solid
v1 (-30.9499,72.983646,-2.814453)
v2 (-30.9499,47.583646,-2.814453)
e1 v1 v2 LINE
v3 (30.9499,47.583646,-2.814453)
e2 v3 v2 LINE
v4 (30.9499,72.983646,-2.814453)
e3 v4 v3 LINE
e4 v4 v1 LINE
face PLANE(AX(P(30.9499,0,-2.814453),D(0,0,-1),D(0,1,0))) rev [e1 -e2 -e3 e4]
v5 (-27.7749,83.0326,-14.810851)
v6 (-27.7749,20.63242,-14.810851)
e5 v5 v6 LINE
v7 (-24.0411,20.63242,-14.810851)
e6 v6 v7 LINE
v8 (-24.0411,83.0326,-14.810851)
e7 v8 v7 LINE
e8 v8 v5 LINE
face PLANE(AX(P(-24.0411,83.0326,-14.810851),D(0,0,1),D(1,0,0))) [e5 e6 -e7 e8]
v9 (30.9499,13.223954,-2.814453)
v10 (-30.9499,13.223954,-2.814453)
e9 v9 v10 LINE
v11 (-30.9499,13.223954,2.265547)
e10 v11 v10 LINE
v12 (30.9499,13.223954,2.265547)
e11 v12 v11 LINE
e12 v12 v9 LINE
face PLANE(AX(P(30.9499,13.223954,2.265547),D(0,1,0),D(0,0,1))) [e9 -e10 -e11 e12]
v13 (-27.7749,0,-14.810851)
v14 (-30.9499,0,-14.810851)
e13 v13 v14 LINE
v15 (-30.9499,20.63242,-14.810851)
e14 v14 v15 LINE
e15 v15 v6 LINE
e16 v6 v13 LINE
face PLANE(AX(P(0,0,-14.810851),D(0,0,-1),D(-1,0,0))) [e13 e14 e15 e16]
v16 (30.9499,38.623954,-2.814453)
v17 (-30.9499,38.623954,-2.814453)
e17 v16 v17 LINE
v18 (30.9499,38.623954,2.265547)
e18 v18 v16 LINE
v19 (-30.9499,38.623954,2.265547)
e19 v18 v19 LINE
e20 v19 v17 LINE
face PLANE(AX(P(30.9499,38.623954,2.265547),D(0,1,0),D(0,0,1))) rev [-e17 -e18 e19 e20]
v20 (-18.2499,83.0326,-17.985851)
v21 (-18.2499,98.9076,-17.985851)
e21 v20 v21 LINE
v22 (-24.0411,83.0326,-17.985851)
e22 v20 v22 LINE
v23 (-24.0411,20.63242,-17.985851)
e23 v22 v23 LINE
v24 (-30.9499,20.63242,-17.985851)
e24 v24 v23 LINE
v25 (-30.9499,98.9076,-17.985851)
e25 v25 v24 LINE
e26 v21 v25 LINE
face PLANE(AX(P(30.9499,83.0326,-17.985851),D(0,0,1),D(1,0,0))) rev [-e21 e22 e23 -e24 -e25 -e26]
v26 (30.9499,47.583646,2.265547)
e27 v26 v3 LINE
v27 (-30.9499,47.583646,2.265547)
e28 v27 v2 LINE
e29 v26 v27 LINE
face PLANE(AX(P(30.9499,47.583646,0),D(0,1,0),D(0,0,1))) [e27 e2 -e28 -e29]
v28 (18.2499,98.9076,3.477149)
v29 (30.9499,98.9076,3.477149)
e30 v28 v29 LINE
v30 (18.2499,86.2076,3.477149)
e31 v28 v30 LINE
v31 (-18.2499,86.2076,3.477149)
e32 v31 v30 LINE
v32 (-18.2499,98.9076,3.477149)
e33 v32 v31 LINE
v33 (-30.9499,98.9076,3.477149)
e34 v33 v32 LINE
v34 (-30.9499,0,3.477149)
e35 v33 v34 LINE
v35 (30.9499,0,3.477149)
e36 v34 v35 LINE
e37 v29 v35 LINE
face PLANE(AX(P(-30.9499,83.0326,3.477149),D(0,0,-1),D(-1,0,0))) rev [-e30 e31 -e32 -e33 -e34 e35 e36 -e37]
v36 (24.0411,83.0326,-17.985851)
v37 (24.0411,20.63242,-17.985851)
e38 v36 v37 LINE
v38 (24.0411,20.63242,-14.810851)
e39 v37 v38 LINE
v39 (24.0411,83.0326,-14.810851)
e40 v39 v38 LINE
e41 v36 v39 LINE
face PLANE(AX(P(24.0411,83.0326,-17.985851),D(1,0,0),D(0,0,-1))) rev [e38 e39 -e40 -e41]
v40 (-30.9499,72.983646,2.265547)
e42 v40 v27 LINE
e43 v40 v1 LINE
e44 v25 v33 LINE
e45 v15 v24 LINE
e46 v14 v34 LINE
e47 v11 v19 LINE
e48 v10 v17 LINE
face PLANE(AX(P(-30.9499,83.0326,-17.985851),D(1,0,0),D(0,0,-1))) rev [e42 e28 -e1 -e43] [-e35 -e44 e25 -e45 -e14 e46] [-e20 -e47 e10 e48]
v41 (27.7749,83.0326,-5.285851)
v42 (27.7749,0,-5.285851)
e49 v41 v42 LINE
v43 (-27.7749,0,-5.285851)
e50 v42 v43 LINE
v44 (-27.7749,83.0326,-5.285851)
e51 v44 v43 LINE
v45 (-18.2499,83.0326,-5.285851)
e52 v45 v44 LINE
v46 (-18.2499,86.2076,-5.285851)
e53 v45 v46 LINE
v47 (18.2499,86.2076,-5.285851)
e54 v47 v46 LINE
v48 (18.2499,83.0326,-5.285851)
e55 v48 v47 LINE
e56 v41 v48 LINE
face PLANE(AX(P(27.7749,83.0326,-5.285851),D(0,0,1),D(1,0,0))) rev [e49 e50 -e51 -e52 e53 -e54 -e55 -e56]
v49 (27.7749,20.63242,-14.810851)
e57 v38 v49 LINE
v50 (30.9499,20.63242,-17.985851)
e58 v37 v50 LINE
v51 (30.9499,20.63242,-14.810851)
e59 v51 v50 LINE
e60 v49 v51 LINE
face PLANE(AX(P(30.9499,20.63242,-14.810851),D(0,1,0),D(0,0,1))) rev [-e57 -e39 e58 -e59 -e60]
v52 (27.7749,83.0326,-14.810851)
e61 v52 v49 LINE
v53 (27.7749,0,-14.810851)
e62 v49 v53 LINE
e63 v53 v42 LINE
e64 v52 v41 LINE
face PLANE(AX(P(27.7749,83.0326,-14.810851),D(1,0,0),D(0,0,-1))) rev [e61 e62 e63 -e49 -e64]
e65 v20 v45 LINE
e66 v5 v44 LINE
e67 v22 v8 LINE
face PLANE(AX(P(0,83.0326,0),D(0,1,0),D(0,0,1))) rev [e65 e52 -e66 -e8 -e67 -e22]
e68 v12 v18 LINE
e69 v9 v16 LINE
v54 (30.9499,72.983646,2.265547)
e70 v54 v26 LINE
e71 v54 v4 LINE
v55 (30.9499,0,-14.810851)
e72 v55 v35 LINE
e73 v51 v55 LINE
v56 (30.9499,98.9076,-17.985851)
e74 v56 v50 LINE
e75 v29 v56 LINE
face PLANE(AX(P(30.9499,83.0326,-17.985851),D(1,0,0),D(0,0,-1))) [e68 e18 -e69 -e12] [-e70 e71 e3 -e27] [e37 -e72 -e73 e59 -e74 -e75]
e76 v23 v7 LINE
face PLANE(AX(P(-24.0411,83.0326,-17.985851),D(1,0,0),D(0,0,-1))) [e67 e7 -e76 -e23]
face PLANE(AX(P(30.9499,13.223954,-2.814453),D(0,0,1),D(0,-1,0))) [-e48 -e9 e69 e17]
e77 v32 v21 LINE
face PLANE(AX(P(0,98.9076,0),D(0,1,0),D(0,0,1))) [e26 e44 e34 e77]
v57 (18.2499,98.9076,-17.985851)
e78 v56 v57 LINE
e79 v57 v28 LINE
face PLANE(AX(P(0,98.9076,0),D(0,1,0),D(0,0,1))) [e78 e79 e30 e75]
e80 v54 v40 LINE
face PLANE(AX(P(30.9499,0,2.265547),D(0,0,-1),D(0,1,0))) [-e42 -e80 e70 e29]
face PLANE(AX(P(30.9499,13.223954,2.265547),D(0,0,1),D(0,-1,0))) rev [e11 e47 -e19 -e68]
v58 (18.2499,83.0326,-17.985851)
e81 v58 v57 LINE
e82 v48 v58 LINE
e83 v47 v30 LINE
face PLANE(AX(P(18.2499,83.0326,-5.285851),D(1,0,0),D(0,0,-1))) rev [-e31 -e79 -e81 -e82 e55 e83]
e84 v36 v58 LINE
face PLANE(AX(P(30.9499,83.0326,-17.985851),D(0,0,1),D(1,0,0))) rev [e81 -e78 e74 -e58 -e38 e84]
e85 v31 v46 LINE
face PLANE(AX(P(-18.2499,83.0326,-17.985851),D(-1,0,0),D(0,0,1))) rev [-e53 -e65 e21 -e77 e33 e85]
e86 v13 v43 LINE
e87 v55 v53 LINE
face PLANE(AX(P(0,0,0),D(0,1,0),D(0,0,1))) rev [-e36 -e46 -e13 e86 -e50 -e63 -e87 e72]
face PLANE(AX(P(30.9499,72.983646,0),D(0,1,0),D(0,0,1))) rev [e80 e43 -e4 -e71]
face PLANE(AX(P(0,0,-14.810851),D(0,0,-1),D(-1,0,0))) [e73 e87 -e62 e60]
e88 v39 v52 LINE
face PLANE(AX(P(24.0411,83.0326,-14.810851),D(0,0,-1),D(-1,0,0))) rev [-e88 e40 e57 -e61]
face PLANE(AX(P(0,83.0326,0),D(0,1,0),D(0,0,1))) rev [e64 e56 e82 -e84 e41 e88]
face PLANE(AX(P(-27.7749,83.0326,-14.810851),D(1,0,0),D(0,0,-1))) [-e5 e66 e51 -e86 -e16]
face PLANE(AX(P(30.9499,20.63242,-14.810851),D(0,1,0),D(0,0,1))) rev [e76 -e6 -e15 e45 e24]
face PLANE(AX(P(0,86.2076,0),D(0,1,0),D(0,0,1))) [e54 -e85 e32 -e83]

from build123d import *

# Parameters (mm, degrees)
BOSS_EXTRUDE1_DEPTH = 83.0326
SKETCH6_W           = 61.8998
SKETCH6_H           = 21.463
BOSS_EXTRUDE3_DEPTH = 3.175
SKETCH7_W           = 16.5354
SKETCH7_H           = 9.525
CUT_EXTRUDE2_DEPTH  = 91.420129415
SKETCH8_W           = 5.08
SKETCH8_H           = 25.4
CUT_EXTRUDE3_DEPTH  = 108.64212172
SKETCH15_W          = 61.8998
SKETCH15_H          = 20.63242
CUT_EXTRUDE4_DEPTH  = 3.175
SKETCH16_W          = 36.4998
SKETCH16_H          = 12.7
CUT_EXTRUDE5_DEPTH  = 3.175
SKETCH17_W          = 12.7
SKETCH17_H          = 21.463
BOSS_EXTRUDE4_DEPTH = 12.7


with BuildPart() as part:
    # Sketch1 → Boss-Extrude1 (new body)
    with BuildSketch(Plane(origin=(0, 0, 0), x_dir=(1, 0, 0), z_dir=(0, 1, 0))):
        Polygon((-30.9499, -3.477149156), (30.9499, -3.477149156), (30.9499, 17.985850844), (24.0411, 17.985850844), (24.0411, 14.810850844), (27.7749, 14.810850844), (27.7749, 5.285850844), (-27.7749, 5.285850844), (-27.7749, 14.810850844), (-24.0411, 14.810850844), (-24.0411, 17.985850844), (-30.9499, 17.985850844), align=None)
    extrude(amount=BOSS_EXTRUDE1_DEPTH)

    # Sketch6 → Boss-Extrude3 (add)
    with BuildSketch(Plane(origin=(0, 83.0326, 0), x_dir=(1, 0, 0), z_dir=(0, 1, 0))):
        with Locations((0, 7.254350844)):
            Rectangle(SKETCH6_W, SKETCH6_H)
    extrude(amount=BOSS_EXTRUDE3_DEPTH)

    # Sketch7 → Cut-Extrude2 (cut, through all)
    with BuildSketch(Plane.XZ.offset(-83.0326)):
        with Locations((0, -10.048350844)):
            Rectangle(SKETCH7_W, SKETCH7_H)
    extrude(amount=-CUT_EXTRUDE2_DEPTH, mode=Mode.SUBTRACT)

    # Sketch8 → Cut-Extrude3 (cut, through all)
    with BuildSketch(Plane.ZY.offset(30.9499)):
        with Locations((-0.274453158, 60.28364576)):
            Rectangle(SKETCH8_W, SKETCH8_H)
        with Locations((-0.274453158, 25.92395424)):
            Rectangle(SKETCH8_W, SKETCH8_H)
    extrude(amount=-CUT_EXTRUDE3_DEPTH, mode=Mode.SUBTRACT)

    # Sketch15 → Cut-Extrude4 (cut)
    with BuildSketch(Plane(origin=(0, 0, -17.985850844), x_dir=(-1, 0, 0), z_dir=(0, 0, -1))):
        with Locations((0, 10.31621)):
            Rectangle(SKETCH15_W, SKETCH15_H)
    extrude(amount=-CUT_EXTRUDE4_DEPTH, mode=Mode.SUBTRACT)

    # Sketch16 → Cut-Extrude5 (cut)
    with BuildSketch(Plane(origin=(0, 86.2076, 0), x_dir=(1, 0, 0), z_dir=(0, 1, 0))):
        with Locations((0, 11.635850844)):
            Rectangle(SKETCH16_W, SKETCH16_H)
    extrude(amount=-CUT_EXTRUDE5_DEPTH, mode=Mode.SUBTRACT)

    # Sketch17 → Boss-Extrude4 (add)
    with BuildSketch(Plane(origin=(0, 86.2076, 0), x_dir=(1, 0, 0), z_dir=(0, 1, 0))):
        with Locations((-24.5999, 7.254350844)):
            Rectangle(SKETCH17_W, SKETCH17_H)
        with Locations((24.5999, 7.254350844)):
            Rectangle(SKETCH17_W, SKETCH17_H)
    extrude(amount=BOSS_EXTRUDE4_DEPTH)


solid = part.part
